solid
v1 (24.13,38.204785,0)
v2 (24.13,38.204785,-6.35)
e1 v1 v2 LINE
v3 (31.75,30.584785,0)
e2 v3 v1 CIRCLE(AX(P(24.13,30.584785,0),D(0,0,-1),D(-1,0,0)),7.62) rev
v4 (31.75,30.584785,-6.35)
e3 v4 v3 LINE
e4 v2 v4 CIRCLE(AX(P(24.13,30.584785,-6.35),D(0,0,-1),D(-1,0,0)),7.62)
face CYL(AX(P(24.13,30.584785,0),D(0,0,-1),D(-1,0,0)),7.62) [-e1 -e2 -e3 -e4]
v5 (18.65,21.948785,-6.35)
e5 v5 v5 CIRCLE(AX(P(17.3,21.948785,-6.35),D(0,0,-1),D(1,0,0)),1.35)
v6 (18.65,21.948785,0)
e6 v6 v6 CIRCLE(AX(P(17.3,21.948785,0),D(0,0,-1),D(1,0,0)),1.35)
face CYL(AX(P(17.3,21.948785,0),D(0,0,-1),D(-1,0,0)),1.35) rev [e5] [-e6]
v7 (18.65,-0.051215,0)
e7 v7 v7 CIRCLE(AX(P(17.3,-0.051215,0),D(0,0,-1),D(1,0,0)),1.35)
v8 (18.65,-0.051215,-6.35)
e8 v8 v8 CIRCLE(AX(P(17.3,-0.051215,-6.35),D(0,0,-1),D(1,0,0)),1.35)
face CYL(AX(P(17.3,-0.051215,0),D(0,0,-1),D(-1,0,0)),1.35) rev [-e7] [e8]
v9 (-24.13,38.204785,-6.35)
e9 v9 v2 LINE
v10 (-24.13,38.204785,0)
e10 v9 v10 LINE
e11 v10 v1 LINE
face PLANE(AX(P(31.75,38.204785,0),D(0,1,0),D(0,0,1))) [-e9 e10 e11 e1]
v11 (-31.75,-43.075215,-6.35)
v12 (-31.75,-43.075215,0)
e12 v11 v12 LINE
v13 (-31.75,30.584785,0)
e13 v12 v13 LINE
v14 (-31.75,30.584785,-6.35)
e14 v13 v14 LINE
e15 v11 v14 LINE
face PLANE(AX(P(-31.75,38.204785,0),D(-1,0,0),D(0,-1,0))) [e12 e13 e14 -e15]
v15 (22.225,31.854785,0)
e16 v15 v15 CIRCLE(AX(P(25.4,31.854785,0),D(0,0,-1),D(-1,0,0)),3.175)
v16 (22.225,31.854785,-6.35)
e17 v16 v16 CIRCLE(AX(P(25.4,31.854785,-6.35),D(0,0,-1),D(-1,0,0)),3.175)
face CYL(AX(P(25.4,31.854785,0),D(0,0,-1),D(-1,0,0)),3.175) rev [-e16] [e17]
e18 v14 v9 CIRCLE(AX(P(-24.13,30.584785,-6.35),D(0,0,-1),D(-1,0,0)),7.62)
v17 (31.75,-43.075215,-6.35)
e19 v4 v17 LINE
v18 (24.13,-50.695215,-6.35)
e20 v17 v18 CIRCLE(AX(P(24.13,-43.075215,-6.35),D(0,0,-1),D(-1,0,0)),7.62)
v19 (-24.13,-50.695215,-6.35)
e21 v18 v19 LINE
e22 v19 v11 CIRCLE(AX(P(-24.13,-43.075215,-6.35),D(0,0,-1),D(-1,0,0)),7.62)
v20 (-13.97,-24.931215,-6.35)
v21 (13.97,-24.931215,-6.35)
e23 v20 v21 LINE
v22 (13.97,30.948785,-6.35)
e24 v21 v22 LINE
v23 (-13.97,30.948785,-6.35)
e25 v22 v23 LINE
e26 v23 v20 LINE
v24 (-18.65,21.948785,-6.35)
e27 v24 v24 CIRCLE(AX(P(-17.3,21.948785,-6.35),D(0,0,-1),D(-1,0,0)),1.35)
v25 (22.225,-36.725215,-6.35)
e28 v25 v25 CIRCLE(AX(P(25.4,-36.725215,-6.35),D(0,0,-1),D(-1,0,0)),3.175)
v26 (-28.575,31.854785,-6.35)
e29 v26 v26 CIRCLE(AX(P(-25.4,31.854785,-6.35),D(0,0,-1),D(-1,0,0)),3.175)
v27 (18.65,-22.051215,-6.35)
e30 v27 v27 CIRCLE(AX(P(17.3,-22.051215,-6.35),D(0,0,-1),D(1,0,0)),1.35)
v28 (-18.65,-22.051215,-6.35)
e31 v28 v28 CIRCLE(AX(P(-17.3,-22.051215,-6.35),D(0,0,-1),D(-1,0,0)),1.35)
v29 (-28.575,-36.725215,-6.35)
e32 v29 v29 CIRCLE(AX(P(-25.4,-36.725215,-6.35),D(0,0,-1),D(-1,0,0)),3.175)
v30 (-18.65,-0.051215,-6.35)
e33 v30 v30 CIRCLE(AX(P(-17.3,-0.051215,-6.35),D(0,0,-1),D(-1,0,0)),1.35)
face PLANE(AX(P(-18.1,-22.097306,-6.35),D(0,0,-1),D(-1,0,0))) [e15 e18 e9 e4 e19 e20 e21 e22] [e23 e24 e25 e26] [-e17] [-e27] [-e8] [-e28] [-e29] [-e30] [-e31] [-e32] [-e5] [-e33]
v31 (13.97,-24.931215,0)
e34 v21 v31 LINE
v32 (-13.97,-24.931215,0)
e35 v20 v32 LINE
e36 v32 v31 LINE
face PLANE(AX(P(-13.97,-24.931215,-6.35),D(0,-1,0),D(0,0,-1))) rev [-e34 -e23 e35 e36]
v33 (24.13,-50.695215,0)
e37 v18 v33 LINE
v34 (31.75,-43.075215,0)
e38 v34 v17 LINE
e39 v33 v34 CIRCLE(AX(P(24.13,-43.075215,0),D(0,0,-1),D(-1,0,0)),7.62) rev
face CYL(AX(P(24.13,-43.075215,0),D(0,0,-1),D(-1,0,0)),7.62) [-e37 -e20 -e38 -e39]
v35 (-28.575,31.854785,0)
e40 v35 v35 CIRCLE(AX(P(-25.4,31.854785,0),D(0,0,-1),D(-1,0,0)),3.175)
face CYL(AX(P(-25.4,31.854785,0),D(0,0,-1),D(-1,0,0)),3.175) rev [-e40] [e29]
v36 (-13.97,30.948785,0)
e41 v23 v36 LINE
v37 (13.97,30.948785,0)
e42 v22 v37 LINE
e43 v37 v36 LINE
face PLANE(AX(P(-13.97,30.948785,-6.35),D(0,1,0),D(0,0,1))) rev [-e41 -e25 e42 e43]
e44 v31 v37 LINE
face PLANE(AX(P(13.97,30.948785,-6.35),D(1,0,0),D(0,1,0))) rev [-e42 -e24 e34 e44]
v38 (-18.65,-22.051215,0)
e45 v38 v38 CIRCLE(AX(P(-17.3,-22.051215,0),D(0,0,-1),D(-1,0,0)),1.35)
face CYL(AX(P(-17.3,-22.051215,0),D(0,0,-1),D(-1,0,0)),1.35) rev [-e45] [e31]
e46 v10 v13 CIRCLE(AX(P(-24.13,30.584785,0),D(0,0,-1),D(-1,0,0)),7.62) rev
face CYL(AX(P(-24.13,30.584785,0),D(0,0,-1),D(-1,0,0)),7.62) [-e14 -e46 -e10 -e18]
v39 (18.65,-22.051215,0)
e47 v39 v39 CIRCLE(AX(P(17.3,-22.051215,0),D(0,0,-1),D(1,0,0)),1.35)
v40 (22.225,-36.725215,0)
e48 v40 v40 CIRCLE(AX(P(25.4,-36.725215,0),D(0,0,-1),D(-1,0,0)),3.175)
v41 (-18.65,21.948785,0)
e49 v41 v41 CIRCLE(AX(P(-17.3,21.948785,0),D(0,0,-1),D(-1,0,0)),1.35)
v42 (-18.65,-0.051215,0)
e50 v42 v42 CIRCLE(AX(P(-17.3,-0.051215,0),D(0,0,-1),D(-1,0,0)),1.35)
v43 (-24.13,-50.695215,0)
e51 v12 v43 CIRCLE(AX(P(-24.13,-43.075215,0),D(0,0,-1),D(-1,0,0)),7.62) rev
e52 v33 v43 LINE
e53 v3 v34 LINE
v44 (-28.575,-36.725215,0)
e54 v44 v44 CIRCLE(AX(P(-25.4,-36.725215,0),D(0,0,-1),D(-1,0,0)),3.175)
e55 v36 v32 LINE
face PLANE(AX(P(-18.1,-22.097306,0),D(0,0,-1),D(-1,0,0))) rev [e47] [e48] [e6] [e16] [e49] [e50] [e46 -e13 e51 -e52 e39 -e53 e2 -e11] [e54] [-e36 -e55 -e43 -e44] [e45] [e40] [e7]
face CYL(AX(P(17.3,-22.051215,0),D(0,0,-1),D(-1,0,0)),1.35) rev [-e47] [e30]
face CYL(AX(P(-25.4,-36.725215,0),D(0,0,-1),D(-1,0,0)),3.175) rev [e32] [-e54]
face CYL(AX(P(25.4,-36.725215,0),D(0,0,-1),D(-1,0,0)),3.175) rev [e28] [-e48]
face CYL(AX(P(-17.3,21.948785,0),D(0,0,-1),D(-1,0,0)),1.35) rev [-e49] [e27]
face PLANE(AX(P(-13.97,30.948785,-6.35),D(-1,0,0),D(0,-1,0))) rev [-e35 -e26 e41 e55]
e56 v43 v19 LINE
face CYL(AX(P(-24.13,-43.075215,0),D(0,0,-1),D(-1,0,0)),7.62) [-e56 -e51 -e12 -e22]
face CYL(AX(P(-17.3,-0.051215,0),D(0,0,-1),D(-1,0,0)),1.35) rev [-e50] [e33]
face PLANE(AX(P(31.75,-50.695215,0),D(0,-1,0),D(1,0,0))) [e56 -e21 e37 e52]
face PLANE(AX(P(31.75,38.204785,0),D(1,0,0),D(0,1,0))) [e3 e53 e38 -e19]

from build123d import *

# Parameters (mm, degrees)
BOSS_EXTRUDE1_DEPTH = 6.35
SKETCH2_R           = 1.35
SKETCH2_R_2         = 1.385
CUT_EXTRUDE1_DEPTH  = 38.116505762
SKETCH3_W           = 63.5
SKETCH3_H           = 88.9
SKETCH3_W_2         = 38.321076004
SKETCH3_H_2         = 47.237540142
BOSS_EXTRUDE2_DEPTH = 6.35
SKETCH5_W           = 27.94
SKETCH5_H           = 55.88
CUT_EXTRUDE3_DEPTH  = 61.153053743
SKETCH6_R           = 3.175
CUT_EXTRUDE4_DEPTH  = 61.153053743
FILLET2_R           = 7.62


with BuildPart() as part:
    # Sketch1 → Boss-Extrude1 (new body)
    with BuildSketch(Plane.XY):
        with BuildLine():
            Line((-19.69889026, 23.2987845), (-14.850045261, 29.75147823))
            ThreePointArc((-14.850045261, 29.75147823), (-14.144755454, 30.339267512), (-13.251155001, 30.55))
            Line((-13.251155001, 30.55), (13.251155001, 30.55))
            ThreePointArc((13.251155001, 30.55), (14.144755454, 30.339267512), (14.850045261, 29.75147823))
            Line((14.850045261, 29.75147823), (19.69889026, 23.2987845))
            ThreePointArc((19.69889026, 23.2987845), (19.997074131, 22.730638521), (20.1, 22.09730627))
            Line((20.1, 22.09730627), (20.1, -22.09730627))
            ThreePointArc((20.1, -22.09730627), (19.997074131, -22.730638521), (19.69889026, -23.2987845))
            Line((19.69889026, -23.2987845), (14.850045261, -29.75147823))
            ThreePointArc((14.850045261, -29.75147823), (14.144755454, -30.339267512), (13.251155001, -30.55))
            Line((13.251155001, -30.55), (-13.251155001, -30.55))
            ThreePointArc((-13.251155001, -30.55), (-14.144755454, -30.339267512), (-14.850045261, -29.75147823))
            Line((-14.850045261, -29.75147823), (-19.69889026, -23.2987845))
            ThreePointArc((-19.69889026, -23.2987845), (-19.997074131, -22.730638521), (-20.1, -22.09730627))
            Line((-20.1, -22.09730627), (-20.1, 22.09730627))
            ThreePointArc((-20.1, 22.09730627), (-19.997074131, 22.730638521), (-19.69889026, 23.2987845))
        make_face()
    extrude(amount=-BOSS_EXTRUDE1_DEPTH)

    # Sketch2 → Cut-Extrude1 (cut, through all)
    with BuildSketch(Plane(origin=(0, 0, -6.35), x_dir=(-1, 0, 0), z_dir=(0, 0, -1))):
        with Locations((17.3, 21.9487845)):
            Circle(SKETCH2_R)
        with Locations((17.3, -0.0512155)):
            Circle(SKETCH2_R)
        with Locations((17.3, -22.0512155)):
            Circle(SKETCH2_R)
        with Locations((11, -27.75)):
            Circle(SKETCH2_R_2)
        with Locations(Location((-11, -27.75, 0), (0, 0, 180))):
            Circle(SKETCH2_R_2)
        with Locations(Location((-17.3, -22.0512155, 0), (0, 0, 180))):
            Circle(SKETCH2_R)
        with Locations(Location((-17.3, -0.0512155, 0), (0, 0, 180))):
            Circle(SKETCH2_R)
        with Locations(Location((-17.3, 21.9487845, 0), (0, 0, 180))):
            Circle(SKETCH2_R)
    extrude(amount=-CUT_EXTRUDE1_DEPTH, mode=Mode.SUBTRACT)

    # Sketch3 → Boss-Extrude2 (add)
    with BuildSketch(Plane(origin=(0, 0, -6.35), x_dir=(-1, 0, 0), z_dir=(0, 0, -1))):
        with Locations((0, -6.2452155)):
            Rectangle(SKETCH3_W, SKETCH3_H)
        Rectangle(SKETCH3_W_2, SKETCH3_H_2, mode=Mode.SUBTRACT)
    extrude(amount=-BOSS_EXTRUDE2_DEPTH)

    # Sketch5 → Cut-Extrude3 (cut, through all)
    with BuildSketch(Plane.XY):
        with Locations((0, 3.0087845)):
            Rectangle(SKETCH5_W, SKETCH5_H)
    extrude(amount=-CUT_EXTRUDE3_DEPTH, mode=Mode.SUBTRACT)

    # Sketch6 → Cut-Extrude4 (cut, through all)
    with BuildSketch(Plane(origin=(0, 0, -6.35), x_dir=(-1, 0, 0), z_dir=(0, 0, -1))):
        with Locations((25.4, 31.8547845)):
            Circle(SKETCH6_R)
        with Locations((-25.4, 31.8547845)):
            Circle(SKETCH6_R)
        with Locations((-25.4, -36.7252155)):
            Circle(SKETCH6_R)
        with Locations((25.4, -36.7252155)):
            Circle(SKETCH6_R)
    extrude(amount=-CUT_EXTRUDE4_DEPTH, mode=Mode.SUBTRACT)

    # Fillet2
    fillet2_edges = [part.edges().sort_by_distance(p)[0] for p in [
        (-31.75, 38.2047845, -3.175),
        (-31.75, -50.6952155, -3.175),
        (31.75, -50.6952155, -3.175),
        (31.75, 38.2047845, -3.175),
    ]]
    fillet(fillet2_edges, radius=FILLET2_R)


solid = part.part
